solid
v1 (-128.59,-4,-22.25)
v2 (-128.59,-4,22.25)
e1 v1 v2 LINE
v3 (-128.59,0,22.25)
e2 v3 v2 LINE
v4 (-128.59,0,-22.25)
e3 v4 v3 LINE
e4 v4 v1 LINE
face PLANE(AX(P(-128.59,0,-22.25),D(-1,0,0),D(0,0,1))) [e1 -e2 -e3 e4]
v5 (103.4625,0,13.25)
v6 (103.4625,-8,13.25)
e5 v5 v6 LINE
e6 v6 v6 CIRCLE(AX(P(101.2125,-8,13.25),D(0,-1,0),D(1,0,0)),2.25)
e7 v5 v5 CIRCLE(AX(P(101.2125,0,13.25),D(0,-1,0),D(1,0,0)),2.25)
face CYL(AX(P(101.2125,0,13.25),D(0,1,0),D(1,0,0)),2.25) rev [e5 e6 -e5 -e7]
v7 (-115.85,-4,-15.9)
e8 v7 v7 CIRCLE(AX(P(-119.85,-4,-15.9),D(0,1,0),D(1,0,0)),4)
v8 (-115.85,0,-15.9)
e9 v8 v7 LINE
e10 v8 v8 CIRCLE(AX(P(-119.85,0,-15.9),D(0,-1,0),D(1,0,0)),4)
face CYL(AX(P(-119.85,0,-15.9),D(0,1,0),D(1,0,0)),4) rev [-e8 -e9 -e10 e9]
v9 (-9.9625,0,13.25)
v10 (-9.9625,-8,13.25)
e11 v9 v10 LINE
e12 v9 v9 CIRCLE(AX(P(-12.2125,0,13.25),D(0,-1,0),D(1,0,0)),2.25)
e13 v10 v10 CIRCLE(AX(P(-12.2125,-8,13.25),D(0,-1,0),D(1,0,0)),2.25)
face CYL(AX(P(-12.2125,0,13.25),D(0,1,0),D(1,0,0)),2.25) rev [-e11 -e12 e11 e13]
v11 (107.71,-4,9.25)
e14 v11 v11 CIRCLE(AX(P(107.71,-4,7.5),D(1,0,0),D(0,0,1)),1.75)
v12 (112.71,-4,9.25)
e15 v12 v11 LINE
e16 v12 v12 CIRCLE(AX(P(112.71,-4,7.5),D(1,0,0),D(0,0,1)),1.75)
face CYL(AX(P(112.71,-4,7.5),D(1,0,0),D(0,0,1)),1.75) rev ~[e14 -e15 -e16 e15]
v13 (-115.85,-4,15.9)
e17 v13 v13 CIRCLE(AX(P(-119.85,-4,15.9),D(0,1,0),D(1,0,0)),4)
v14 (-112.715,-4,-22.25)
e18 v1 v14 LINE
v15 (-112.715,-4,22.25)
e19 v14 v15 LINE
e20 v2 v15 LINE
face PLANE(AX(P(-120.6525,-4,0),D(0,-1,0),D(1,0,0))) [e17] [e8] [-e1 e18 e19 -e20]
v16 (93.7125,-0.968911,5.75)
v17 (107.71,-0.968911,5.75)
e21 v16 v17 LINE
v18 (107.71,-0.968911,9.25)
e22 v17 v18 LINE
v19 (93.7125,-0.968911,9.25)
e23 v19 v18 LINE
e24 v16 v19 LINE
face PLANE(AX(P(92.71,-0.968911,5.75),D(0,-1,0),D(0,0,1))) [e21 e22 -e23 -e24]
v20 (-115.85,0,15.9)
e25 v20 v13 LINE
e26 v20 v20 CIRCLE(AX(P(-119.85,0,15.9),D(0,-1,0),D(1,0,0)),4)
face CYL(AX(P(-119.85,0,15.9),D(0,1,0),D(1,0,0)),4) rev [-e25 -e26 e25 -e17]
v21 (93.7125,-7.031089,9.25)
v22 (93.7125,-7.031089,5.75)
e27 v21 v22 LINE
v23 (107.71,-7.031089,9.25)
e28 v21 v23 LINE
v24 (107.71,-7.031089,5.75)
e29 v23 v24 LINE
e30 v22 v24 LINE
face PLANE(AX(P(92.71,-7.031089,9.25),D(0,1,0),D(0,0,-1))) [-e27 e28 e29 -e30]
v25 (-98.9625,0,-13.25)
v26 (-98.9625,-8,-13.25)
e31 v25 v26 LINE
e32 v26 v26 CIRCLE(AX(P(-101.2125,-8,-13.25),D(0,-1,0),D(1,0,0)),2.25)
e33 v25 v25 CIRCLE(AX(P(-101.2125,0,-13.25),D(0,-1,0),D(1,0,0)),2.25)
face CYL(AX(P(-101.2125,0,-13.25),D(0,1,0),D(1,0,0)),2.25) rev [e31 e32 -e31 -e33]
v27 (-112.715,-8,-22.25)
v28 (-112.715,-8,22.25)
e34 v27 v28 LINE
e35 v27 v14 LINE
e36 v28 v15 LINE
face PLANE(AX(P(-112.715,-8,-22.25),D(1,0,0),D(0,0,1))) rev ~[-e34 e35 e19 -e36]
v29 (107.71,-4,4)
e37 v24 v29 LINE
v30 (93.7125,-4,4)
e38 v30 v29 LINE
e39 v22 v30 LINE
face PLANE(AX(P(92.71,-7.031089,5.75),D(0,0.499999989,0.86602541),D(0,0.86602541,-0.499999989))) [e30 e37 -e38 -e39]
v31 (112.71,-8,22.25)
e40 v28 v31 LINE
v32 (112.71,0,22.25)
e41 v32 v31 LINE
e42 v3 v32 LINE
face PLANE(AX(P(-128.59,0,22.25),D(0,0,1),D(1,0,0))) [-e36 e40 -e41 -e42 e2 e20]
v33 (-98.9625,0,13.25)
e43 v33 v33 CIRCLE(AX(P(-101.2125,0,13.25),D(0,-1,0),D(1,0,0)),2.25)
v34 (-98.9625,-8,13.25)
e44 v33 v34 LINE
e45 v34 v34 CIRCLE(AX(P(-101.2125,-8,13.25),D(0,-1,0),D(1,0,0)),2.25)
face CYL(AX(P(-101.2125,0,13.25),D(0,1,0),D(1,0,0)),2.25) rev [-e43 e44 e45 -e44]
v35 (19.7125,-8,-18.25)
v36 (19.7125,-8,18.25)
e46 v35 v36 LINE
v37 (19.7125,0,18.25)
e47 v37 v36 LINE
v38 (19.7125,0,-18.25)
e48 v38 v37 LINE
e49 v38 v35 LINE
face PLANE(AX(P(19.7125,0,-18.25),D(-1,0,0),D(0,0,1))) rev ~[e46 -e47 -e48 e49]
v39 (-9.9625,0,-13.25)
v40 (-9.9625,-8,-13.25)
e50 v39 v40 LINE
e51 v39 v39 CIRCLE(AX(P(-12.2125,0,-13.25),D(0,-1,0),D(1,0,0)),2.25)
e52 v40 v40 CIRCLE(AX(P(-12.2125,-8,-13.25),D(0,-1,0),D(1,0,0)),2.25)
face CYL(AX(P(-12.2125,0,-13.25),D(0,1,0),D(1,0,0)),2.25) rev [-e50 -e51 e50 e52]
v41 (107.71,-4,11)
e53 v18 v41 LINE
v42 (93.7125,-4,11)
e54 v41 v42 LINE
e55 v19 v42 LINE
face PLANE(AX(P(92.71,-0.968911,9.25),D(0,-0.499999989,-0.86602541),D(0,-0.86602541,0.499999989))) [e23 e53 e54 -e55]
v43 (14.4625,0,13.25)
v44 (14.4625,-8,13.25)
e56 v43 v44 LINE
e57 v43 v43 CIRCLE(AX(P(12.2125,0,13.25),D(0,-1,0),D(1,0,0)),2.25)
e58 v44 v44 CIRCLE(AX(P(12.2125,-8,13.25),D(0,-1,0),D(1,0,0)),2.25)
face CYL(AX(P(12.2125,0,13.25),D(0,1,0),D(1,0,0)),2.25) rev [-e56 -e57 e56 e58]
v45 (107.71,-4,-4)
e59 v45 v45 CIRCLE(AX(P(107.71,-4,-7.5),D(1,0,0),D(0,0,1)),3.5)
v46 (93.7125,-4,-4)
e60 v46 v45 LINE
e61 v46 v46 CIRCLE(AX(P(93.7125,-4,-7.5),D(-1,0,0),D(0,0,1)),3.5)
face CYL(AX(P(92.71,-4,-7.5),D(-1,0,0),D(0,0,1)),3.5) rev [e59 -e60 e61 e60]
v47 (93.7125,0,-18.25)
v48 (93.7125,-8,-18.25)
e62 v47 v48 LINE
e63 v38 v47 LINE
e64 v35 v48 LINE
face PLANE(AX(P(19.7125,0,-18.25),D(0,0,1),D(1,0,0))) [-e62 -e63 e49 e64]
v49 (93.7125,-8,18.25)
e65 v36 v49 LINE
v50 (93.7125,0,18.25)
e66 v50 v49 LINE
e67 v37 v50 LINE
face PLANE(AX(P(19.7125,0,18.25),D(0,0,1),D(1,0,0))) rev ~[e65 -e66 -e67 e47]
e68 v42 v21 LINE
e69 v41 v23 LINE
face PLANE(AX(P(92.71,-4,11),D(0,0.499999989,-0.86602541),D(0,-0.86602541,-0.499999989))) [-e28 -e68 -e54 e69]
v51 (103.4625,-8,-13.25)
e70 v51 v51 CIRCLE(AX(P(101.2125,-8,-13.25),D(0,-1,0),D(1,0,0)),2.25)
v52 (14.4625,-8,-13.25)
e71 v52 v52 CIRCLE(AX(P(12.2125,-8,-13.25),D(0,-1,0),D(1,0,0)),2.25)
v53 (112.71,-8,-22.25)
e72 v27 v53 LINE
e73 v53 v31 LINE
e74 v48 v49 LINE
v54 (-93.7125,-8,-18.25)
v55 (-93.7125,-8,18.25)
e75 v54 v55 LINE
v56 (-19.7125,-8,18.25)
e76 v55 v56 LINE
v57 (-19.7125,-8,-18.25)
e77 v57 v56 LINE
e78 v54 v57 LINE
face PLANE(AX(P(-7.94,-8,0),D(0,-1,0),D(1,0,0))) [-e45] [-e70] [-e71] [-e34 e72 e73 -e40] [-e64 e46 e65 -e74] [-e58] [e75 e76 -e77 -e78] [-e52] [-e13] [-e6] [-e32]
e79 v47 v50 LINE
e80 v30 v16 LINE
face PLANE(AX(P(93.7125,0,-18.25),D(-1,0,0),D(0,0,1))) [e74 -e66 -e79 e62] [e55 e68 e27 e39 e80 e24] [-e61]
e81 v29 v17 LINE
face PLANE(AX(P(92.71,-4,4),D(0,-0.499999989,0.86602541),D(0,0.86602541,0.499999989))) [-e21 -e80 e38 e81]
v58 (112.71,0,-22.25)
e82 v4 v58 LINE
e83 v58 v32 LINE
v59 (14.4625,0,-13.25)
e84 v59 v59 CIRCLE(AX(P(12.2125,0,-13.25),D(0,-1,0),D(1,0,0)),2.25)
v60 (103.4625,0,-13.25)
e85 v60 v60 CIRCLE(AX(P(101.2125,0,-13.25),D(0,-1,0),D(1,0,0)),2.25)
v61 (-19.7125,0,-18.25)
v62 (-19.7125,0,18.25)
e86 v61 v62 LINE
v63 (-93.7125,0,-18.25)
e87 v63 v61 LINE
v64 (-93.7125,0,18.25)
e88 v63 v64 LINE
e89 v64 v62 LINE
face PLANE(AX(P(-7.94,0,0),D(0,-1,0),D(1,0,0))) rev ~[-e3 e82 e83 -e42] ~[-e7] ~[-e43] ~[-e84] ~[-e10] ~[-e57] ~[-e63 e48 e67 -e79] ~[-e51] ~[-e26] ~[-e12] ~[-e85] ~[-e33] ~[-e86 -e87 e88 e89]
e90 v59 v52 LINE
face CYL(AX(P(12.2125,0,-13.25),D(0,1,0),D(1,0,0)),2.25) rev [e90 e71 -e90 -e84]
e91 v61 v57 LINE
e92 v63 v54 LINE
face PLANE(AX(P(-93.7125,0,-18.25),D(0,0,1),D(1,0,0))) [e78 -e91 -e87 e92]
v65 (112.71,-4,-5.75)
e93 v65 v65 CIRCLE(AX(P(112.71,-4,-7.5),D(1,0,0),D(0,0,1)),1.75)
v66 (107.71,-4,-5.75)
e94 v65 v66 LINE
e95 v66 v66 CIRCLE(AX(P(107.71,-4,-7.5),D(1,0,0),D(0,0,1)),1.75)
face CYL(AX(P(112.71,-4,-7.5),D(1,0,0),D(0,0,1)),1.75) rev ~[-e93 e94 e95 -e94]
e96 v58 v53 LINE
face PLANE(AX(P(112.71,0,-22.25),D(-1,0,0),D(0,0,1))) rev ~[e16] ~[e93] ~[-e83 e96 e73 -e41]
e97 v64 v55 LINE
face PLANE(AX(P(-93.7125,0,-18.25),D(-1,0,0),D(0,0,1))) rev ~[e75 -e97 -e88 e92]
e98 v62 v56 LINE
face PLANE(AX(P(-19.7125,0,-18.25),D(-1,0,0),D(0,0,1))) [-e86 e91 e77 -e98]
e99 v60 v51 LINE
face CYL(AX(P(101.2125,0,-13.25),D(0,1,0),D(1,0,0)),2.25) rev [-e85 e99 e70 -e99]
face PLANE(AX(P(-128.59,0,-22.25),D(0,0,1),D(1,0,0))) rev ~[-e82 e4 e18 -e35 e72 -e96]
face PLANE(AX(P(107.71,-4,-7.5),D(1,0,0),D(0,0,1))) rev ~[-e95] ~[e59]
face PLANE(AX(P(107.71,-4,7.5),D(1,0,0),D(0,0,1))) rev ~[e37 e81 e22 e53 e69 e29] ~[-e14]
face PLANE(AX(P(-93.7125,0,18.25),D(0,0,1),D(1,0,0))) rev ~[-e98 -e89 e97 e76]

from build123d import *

# Parameters (mm, degrees)
SKETCH004_W     = 241.3
SKETCH004_H     = 44.5
SKETCH004_R     = 4
SKETCH004_R_2   = 2.25
SKETCH004_W_2   = 74
SKETCH004_H_2   = 36.5
PAD003_DEPTH    = 8
SKETCH_W        = 15.875
SKETCH_H        = 44.5
POCKET_DEPTH    = 4
SKETCH005_R     = 1.75
POCKET001_DEPTH = 10
SKETCH006_R     = 3.5
POCKET002_DEPTH = 15


with BuildPart() as part:
    # Sketch004 → Pad003 (new body)
    with BuildSketch(Plane.XZ):
        with Locations((-7.94, 0)):
            Rectangle(SKETCH004_W, SKETCH004_H)
        with Locations((-119.85, 15.9)):
            Circle(SKETCH004_R, mode=Mode.SUBTRACT)
        with Locations((-119.85, -15.9)):
            Circle(SKETCH004_R, mode=Mode.SUBTRACT)
        with Locations((-101.2125, 13.25)):
            Circle(SKETCH004_R_2, mode=Mode.SUBTRACT)
        with Locations((-101.2125, -13.25)):
            Circle(SKETCH004_R_2, mode=Mode.SUBTRACT)
        with Locations((-12.2125, -13.25)):
            Circle(SKETCH004_R_2, mode=Mode.SUBTRACT)
        with Locations((-12.2125, 13.25)):
            Circle(SKETCH004_R_2, mode=Mode.SUBTRACT)
        with Locations((12.2125, 13.25)):
            Circle(SKETCH004_R_2, mode=Mode.SUBTRACT)
        with Locations((12.2125, -13.25)):
            Circle(SKETCH004_R_2, mode=Mode.SUBTRACT)
        with Locations((101.2125, -13.25)):
            Circle(SKETCH004_R_2, mode=Mode.SUBTRACT)
        with Locations((101.2125, 13.25)):
            Circle(SKETCH004_R_2, mode=Mode.SUBTRACT)
        with Locations((-56.7125, 0)):
            Rectangle(SKETCH004_W_2, SKETCH004_H_2, mode=Mode.SUBTRACT)
        with Locations((56.7125, 0)):
            Rectangle(SKETCH004_W_2, SKETCH004_H_2, mode=Mode.SUBTRACT)
    extrude(amount=PAD003_DEPTH)

    # Sketch → Pocket (cut)
    with BuildSketch(Plane.XZ.offset(8)):
        with Locations((-120.6525, 0)):
            Rectangle(SKETCH_W, SKETCH_H)
    extrude(amount=-POCKET_DEPTH, mode=Mode.SUBTRACT)

    # Sketch005 (on Face3 of Pocket) → Pocket001 (cut)
    with BuildSketch(Plane(origin=(112.71, 0, 0), x_dir=(0, 0, 1), z_dir=(1, 0, 0))):
        with Locations((-7.5, 4)):
            Circle(SKETCH005_R)
        with Locations((7.5, 4)):
            Circle(SKETCH005_R)
    extrude(amount=-POCKET001_DEPTH, mode=Mode.SUBTRACT)

    # Sketch006 (on Face3 of Pocket001) → Pocket002 (cut)
    with BuildSketch(Plane(origin=(92.71, 0, 0), x_dir=(0, 0, 1), z_dir=(1, 0, 0))):
        with Locations((-7.5, 4)):
            Circle(SKETCH006_R)
        Polygon((11, 4), (9.25, 7.031089), (5.75, 7.031089), (4, 4), (5.75, 0.968911), (9.25, 0.968911), align=None)
    extrude(amount=POCKET002_DEPTH, mode=Mode.SUBTRACT)


solid = part.part
